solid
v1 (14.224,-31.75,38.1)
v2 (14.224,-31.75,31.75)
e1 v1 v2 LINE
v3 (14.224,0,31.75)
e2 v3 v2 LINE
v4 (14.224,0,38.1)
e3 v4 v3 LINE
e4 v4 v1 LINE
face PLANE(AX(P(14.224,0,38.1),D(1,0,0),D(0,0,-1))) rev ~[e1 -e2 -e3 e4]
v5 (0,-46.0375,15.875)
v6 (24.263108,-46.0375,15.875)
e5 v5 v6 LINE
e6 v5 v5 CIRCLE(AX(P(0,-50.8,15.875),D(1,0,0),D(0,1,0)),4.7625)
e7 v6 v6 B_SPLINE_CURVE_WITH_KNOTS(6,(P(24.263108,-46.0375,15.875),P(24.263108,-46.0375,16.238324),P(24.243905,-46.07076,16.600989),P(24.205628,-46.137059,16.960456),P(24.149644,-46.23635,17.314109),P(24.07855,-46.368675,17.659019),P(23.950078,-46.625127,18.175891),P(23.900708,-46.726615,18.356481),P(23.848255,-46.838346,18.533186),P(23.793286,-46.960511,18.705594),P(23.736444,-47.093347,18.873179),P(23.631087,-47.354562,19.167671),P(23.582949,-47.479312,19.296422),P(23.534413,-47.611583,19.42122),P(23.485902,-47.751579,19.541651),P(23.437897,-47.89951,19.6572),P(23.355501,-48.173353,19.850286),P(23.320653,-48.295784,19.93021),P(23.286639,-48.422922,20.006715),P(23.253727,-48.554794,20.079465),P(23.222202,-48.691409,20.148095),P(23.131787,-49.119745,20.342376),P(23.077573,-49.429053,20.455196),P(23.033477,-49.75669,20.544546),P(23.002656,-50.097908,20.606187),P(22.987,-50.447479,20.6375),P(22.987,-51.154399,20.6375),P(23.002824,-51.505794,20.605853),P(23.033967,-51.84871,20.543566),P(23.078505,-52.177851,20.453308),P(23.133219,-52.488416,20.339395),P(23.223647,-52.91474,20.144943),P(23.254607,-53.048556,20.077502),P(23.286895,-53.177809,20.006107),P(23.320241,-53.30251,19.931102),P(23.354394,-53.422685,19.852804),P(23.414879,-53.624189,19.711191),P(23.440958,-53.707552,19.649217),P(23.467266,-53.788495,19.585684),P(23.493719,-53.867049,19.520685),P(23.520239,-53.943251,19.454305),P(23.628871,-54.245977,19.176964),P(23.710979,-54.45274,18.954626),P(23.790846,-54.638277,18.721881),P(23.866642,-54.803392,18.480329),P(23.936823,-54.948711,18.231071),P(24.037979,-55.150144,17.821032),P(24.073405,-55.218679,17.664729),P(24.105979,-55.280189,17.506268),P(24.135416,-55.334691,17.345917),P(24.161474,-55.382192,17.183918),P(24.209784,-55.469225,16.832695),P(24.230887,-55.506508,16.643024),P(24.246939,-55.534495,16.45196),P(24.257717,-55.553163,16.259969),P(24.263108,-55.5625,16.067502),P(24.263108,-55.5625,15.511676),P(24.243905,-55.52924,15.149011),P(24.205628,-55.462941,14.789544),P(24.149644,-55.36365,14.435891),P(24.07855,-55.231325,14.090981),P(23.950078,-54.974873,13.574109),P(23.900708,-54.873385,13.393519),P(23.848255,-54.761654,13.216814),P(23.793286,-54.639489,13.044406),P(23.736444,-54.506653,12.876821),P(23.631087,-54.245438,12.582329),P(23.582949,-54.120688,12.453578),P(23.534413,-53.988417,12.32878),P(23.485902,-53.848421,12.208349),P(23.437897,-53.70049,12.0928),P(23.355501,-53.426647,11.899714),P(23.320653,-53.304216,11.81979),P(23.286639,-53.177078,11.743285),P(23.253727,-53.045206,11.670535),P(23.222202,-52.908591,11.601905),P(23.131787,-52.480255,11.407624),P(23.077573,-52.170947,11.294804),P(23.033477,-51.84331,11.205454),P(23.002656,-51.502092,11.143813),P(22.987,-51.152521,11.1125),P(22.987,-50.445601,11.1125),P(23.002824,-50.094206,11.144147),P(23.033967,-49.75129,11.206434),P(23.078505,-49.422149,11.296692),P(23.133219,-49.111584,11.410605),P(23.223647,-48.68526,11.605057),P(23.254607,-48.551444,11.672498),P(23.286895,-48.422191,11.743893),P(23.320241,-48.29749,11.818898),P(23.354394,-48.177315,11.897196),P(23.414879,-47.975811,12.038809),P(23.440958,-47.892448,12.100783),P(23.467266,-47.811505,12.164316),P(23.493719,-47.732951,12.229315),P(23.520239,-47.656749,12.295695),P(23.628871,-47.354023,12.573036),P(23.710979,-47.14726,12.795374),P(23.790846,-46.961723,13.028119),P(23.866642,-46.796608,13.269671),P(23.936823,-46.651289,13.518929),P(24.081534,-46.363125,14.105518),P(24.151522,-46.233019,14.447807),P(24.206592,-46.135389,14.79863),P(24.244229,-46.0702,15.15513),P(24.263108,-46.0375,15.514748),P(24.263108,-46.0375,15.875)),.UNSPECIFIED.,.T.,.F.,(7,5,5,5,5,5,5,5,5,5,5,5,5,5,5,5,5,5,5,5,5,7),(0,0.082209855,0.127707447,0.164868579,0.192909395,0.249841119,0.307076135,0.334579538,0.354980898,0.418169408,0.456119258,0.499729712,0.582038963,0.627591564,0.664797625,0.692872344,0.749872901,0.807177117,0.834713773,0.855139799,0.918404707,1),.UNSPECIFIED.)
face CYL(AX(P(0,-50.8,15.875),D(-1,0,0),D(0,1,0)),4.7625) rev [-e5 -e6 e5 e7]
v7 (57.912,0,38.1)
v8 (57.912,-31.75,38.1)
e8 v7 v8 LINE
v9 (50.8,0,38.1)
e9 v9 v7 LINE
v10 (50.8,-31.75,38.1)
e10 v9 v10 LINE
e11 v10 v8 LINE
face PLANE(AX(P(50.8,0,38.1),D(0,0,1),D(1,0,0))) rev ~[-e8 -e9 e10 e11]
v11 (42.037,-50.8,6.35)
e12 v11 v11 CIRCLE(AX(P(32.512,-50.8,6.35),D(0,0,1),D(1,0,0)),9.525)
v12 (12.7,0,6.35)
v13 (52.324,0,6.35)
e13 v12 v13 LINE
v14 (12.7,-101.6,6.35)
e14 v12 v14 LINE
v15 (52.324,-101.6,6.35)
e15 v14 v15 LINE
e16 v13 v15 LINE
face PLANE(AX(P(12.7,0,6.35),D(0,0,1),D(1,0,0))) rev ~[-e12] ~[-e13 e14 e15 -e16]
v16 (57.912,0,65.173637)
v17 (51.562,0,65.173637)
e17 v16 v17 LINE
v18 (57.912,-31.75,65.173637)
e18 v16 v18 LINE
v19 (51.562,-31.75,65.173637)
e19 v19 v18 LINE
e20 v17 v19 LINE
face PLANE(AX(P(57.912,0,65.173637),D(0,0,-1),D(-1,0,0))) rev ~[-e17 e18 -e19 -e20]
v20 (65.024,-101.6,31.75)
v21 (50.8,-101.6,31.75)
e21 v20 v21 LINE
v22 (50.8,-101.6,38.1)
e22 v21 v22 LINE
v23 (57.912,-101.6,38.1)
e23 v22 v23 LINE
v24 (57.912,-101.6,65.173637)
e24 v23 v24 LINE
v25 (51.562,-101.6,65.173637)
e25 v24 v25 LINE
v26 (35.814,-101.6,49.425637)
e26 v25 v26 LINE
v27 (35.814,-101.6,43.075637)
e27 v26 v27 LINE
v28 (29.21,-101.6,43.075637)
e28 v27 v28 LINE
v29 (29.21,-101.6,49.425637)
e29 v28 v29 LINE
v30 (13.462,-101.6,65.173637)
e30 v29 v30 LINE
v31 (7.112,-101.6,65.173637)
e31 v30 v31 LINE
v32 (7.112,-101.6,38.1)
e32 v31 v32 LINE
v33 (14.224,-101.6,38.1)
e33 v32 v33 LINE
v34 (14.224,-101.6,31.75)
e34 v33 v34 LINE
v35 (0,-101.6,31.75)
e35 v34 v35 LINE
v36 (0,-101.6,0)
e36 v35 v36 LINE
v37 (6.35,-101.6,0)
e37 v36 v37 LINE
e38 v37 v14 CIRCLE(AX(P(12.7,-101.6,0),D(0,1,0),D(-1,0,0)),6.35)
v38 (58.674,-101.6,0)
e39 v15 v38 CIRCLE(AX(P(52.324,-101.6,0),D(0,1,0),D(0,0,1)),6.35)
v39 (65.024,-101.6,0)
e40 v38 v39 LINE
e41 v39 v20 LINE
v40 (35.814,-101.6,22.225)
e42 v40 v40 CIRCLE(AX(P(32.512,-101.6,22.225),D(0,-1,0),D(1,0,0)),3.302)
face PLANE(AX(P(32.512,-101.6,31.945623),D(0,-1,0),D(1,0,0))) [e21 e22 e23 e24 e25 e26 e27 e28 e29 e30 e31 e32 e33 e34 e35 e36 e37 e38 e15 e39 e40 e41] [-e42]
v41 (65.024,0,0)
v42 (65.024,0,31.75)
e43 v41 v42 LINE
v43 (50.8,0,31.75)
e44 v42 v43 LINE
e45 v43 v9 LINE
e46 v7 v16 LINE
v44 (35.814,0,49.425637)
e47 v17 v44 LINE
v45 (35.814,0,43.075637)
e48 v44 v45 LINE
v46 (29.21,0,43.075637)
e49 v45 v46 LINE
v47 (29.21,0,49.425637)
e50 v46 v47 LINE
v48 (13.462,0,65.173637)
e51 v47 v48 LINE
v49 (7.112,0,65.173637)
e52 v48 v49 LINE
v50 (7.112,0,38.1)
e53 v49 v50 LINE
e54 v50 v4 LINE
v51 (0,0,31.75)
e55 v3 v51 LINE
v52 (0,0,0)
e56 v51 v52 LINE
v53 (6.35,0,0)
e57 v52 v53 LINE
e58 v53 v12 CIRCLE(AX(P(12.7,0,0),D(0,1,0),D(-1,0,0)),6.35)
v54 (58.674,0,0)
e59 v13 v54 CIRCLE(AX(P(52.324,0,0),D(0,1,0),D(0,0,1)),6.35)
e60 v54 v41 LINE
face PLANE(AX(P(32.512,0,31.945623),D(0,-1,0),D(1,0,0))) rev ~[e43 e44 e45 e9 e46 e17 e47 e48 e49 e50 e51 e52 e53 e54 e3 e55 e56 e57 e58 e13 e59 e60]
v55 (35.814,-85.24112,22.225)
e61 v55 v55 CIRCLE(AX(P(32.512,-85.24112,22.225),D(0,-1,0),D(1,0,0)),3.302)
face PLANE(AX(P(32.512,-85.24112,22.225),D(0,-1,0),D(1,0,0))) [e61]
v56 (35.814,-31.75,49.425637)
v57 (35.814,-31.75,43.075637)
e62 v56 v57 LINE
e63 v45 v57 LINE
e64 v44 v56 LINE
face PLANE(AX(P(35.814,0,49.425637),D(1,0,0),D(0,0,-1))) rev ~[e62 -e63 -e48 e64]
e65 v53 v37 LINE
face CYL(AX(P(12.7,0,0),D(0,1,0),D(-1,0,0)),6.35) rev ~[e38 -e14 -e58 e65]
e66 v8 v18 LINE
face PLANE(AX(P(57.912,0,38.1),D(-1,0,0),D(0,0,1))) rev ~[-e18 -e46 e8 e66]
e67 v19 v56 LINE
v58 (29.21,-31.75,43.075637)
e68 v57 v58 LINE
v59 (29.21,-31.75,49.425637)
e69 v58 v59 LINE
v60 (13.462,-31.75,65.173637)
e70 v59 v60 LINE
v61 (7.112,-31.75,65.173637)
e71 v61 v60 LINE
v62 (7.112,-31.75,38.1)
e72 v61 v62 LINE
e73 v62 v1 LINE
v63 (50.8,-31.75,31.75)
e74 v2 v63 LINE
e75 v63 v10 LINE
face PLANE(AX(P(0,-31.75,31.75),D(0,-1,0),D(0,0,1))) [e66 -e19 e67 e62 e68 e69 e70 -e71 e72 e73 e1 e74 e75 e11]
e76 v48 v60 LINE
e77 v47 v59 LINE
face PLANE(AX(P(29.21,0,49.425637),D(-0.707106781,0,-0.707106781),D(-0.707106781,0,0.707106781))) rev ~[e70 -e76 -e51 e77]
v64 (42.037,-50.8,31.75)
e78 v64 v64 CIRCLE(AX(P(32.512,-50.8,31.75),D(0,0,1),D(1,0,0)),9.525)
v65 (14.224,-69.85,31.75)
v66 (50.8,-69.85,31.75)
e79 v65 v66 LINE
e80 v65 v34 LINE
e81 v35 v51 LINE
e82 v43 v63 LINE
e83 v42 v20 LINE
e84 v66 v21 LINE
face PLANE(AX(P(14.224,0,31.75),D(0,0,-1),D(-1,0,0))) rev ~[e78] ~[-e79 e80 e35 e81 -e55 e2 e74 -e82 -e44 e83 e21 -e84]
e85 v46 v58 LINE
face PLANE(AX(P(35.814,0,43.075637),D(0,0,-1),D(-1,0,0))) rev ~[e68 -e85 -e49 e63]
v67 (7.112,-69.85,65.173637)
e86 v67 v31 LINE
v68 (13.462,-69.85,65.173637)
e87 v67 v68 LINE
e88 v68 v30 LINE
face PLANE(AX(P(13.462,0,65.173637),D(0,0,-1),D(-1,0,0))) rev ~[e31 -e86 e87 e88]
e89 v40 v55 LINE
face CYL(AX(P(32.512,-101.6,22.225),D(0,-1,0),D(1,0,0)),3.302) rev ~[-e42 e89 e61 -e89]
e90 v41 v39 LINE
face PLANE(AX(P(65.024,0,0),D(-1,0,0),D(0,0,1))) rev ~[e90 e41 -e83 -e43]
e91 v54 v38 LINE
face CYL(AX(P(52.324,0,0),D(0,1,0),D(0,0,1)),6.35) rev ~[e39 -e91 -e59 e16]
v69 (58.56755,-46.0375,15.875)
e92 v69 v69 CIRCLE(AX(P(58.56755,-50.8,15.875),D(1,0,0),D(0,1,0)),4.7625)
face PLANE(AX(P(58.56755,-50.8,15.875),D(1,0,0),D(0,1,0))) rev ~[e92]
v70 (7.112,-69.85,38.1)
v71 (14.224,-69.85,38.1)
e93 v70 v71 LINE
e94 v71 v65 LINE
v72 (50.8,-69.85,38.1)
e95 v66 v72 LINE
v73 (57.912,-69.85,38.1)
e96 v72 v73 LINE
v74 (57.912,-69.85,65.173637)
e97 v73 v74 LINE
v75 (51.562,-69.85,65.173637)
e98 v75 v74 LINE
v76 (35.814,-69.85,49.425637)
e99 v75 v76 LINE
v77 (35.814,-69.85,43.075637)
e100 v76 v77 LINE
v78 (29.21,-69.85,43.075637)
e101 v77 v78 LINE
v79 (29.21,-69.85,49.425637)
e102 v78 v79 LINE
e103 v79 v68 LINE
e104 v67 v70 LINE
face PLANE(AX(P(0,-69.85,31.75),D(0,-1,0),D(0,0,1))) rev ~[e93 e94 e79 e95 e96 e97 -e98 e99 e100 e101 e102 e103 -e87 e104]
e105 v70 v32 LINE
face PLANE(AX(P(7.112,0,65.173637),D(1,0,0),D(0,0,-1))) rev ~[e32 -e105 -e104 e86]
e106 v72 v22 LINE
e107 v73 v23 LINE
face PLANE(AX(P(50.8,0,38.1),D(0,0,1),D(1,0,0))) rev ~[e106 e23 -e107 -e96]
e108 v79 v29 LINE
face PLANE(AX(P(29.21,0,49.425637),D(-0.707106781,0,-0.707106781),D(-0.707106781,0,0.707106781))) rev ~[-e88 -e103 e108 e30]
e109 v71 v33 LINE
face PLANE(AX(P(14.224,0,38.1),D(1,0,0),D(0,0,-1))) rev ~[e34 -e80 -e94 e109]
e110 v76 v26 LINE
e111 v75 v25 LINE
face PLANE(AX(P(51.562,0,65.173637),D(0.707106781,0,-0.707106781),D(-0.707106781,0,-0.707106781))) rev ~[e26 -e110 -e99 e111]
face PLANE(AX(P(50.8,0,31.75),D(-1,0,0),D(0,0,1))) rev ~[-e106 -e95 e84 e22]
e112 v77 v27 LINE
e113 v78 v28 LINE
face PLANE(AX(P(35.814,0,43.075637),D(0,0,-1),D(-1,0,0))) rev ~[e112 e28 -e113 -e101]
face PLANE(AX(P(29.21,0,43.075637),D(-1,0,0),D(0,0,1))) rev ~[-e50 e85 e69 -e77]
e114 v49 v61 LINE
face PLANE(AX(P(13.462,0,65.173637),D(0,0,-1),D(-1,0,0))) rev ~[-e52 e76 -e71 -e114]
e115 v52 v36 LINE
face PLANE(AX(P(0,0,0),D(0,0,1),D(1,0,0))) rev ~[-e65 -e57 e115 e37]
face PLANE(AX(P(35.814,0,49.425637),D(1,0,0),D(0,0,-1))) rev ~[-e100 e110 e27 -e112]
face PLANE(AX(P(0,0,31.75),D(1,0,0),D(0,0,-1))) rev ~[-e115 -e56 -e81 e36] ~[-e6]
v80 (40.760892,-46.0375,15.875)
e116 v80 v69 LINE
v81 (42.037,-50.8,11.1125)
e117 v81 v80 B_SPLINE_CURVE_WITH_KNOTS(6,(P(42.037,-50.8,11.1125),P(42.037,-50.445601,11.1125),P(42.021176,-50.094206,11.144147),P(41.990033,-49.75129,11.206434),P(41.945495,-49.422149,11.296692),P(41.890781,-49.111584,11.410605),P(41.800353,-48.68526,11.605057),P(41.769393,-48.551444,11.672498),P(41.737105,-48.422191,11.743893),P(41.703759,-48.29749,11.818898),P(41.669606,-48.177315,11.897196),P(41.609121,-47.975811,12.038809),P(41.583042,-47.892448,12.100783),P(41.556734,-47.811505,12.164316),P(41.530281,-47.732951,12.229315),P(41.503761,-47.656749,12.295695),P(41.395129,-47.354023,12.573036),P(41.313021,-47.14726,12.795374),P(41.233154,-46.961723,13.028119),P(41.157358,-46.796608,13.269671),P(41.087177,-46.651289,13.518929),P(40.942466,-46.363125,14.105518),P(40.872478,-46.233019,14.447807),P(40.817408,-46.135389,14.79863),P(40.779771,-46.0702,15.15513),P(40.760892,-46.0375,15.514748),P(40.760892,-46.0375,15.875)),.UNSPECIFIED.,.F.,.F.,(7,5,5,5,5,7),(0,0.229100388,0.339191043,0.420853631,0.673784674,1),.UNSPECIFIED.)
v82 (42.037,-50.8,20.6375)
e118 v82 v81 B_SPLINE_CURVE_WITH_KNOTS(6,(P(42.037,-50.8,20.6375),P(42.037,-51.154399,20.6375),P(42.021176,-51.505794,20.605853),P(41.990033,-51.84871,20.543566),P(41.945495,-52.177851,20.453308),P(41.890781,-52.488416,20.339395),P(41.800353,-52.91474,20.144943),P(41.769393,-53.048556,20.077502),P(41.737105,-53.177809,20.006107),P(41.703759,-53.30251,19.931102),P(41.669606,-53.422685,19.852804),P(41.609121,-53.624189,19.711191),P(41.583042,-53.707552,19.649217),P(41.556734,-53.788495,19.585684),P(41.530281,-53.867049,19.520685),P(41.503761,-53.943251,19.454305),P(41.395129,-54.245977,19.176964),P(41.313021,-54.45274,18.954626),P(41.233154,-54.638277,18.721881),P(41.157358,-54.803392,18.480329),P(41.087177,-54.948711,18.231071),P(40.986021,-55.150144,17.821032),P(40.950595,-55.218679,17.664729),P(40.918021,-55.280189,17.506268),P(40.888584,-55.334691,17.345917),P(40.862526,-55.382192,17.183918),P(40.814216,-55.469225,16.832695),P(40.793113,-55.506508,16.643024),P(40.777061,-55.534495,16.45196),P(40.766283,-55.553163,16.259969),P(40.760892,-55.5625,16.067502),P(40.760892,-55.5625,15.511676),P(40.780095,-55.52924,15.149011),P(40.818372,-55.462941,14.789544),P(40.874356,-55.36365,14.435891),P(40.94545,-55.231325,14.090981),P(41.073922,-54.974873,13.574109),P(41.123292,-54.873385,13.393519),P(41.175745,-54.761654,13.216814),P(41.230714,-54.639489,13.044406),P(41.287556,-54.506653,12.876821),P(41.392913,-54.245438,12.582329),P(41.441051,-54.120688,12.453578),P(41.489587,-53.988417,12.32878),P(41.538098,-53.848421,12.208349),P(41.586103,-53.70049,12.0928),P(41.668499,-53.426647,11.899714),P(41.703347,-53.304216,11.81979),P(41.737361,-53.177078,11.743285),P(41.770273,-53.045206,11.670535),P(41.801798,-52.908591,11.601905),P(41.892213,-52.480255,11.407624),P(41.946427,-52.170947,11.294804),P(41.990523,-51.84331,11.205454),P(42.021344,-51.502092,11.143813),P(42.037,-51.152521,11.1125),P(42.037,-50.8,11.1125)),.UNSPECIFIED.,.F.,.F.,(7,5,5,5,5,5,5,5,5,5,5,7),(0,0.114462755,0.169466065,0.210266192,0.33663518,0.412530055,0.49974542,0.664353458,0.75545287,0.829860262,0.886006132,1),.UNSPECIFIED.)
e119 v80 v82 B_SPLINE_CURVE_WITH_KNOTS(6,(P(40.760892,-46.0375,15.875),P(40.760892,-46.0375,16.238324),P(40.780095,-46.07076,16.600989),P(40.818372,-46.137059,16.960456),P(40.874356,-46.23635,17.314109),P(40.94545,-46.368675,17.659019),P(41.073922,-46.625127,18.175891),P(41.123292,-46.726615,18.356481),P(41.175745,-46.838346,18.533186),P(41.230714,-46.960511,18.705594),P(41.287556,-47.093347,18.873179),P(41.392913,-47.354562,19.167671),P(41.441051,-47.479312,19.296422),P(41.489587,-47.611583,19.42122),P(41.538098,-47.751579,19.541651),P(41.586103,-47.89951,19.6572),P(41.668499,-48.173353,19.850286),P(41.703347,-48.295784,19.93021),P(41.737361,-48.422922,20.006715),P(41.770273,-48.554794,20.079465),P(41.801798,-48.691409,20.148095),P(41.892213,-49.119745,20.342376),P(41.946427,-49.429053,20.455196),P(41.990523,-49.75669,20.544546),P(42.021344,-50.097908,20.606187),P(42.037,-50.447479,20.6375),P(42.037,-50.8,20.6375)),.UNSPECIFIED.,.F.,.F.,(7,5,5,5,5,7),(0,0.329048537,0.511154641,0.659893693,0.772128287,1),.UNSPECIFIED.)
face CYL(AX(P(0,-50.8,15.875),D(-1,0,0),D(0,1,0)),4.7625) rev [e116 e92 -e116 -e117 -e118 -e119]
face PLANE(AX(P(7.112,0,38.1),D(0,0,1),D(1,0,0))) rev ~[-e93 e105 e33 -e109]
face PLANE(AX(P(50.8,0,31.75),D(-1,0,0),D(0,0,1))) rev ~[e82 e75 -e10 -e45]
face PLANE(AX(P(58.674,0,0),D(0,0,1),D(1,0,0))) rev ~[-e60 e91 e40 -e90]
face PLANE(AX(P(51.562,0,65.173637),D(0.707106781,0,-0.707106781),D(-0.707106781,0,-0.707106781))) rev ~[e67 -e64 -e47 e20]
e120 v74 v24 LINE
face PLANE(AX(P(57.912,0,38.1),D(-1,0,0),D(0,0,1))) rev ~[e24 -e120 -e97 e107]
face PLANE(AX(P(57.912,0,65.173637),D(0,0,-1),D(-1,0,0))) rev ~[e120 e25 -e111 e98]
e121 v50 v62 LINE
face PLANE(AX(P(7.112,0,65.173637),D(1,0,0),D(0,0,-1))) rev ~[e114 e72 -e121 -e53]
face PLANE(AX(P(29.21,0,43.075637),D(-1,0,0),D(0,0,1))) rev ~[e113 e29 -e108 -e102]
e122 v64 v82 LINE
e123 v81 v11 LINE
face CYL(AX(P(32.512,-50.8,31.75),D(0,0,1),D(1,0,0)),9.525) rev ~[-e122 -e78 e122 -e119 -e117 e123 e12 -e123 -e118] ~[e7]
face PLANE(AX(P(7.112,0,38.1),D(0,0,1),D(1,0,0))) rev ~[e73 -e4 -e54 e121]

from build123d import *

# Parameters (mm, degrees)
F0_R     = 3.302
F1_DEPTH = 101.6
F2_R     = 3.302
F3_DEPTH = 16.35888
F4_W     = 38.1
F4_H     = 33.4236365795
F4_R     = 4.7625
F5_DEPTH = 58.56755
F6_R     = 9.525
F7_DEPTH = 31.751


with BuildPart() as f1:
    # F0 (on Front) → F1 (new body)
    with BuildSketch(Plane.XZ):
        with BuildLine():
            Line((0, 0), (6.35, 0))
            ThreePointArc((6.35, 0), (8.2098719395, 4.4901280605), (12.7, 6.35))
            Line((12.7, 6.35), (52.324, 6.35))
            ThreePointArc((52.324, 6.35), (56.8141280605, 4.4901280605), (58.674, 0))
            Line((58.674, 0), (65.024, 0))
            Line((65.024, 0), (65.024, 31.75))
            Line((65.024, 31.75), (50.8, 31.75))
            Line((50.8, 31.75), (50.8, 38.1))
            Line((50.8, 38.1), (57.912, 38.1))
            Line((57.912, 38.1), (57.912, 65.1736365795))
            Line((57.912, 65.1736365795), (51.562, 65.1736365795))
            Line((51.562, 65.1736365795), (35.814, 49.4256365795))
            Line((35.814, 49.4256365795), (35.814, 43.0756365795))
            Line((35.814, 43.0756365795), (29.21, 43.0756365795))
            Line((29.21, 43.0756365795), (29.21, 49.4256365795))
            Line((29.21, 49.4256365795), (13.462, 65.1736365795))
            Line((13.462, 65.1736365795), (7.112, 65.1736365795))
            Line((7.112, 65.1736365795), (7.112, 38.1))
            Line((7.112, 38.1), (14.224, 38.1))
            Line((14.224, 38.1), (14.224, 31.75))
            Line((14.224, 31.75), (0, 31.75))
            Line((0, 31.75), (0, 0))
        make_face()
        with Locations((32.512, 22.225)):
            Circle(F0_R, mode=Mode.SUBTRACT)
        with Locations((32.512, 22.225)):
            Circle(F0_R)
    extrude(amount=F1_DEPTH)

    # F2 (on face) → F3 (cut)
    with BuildSketch(Plane.XZ.offset(101.6)):
        with Locations((32.512, 22.225)):
            Circle(F2_R)
    extrude(amount=-F3_DEPTH, mode=Mode.SUBTRACT)

    # F4 (on Right) → F5 (cut)
    with BuildSketch(Plane.YZ):
        with Locations((-50.8, 48.4618182898)):
            Rectangle(F4_W, F4_H)
        with Locations((-50.8, 15.875)):
            Circle(F4_R)
    extrude(amount=F5_DEPTH, mode=Mode.SUBTRACT)

    # F6 (on face) → F7 (cut, through all)
    with BuildSketch(Plane.XY.offset(31.75)):
        with Locations((32.512, -50.8)):
            Circle(F6_R)
    extrude(amount=-F7_DEPTH, mode=Mode.SUBTRACT)


solid = f1.part
